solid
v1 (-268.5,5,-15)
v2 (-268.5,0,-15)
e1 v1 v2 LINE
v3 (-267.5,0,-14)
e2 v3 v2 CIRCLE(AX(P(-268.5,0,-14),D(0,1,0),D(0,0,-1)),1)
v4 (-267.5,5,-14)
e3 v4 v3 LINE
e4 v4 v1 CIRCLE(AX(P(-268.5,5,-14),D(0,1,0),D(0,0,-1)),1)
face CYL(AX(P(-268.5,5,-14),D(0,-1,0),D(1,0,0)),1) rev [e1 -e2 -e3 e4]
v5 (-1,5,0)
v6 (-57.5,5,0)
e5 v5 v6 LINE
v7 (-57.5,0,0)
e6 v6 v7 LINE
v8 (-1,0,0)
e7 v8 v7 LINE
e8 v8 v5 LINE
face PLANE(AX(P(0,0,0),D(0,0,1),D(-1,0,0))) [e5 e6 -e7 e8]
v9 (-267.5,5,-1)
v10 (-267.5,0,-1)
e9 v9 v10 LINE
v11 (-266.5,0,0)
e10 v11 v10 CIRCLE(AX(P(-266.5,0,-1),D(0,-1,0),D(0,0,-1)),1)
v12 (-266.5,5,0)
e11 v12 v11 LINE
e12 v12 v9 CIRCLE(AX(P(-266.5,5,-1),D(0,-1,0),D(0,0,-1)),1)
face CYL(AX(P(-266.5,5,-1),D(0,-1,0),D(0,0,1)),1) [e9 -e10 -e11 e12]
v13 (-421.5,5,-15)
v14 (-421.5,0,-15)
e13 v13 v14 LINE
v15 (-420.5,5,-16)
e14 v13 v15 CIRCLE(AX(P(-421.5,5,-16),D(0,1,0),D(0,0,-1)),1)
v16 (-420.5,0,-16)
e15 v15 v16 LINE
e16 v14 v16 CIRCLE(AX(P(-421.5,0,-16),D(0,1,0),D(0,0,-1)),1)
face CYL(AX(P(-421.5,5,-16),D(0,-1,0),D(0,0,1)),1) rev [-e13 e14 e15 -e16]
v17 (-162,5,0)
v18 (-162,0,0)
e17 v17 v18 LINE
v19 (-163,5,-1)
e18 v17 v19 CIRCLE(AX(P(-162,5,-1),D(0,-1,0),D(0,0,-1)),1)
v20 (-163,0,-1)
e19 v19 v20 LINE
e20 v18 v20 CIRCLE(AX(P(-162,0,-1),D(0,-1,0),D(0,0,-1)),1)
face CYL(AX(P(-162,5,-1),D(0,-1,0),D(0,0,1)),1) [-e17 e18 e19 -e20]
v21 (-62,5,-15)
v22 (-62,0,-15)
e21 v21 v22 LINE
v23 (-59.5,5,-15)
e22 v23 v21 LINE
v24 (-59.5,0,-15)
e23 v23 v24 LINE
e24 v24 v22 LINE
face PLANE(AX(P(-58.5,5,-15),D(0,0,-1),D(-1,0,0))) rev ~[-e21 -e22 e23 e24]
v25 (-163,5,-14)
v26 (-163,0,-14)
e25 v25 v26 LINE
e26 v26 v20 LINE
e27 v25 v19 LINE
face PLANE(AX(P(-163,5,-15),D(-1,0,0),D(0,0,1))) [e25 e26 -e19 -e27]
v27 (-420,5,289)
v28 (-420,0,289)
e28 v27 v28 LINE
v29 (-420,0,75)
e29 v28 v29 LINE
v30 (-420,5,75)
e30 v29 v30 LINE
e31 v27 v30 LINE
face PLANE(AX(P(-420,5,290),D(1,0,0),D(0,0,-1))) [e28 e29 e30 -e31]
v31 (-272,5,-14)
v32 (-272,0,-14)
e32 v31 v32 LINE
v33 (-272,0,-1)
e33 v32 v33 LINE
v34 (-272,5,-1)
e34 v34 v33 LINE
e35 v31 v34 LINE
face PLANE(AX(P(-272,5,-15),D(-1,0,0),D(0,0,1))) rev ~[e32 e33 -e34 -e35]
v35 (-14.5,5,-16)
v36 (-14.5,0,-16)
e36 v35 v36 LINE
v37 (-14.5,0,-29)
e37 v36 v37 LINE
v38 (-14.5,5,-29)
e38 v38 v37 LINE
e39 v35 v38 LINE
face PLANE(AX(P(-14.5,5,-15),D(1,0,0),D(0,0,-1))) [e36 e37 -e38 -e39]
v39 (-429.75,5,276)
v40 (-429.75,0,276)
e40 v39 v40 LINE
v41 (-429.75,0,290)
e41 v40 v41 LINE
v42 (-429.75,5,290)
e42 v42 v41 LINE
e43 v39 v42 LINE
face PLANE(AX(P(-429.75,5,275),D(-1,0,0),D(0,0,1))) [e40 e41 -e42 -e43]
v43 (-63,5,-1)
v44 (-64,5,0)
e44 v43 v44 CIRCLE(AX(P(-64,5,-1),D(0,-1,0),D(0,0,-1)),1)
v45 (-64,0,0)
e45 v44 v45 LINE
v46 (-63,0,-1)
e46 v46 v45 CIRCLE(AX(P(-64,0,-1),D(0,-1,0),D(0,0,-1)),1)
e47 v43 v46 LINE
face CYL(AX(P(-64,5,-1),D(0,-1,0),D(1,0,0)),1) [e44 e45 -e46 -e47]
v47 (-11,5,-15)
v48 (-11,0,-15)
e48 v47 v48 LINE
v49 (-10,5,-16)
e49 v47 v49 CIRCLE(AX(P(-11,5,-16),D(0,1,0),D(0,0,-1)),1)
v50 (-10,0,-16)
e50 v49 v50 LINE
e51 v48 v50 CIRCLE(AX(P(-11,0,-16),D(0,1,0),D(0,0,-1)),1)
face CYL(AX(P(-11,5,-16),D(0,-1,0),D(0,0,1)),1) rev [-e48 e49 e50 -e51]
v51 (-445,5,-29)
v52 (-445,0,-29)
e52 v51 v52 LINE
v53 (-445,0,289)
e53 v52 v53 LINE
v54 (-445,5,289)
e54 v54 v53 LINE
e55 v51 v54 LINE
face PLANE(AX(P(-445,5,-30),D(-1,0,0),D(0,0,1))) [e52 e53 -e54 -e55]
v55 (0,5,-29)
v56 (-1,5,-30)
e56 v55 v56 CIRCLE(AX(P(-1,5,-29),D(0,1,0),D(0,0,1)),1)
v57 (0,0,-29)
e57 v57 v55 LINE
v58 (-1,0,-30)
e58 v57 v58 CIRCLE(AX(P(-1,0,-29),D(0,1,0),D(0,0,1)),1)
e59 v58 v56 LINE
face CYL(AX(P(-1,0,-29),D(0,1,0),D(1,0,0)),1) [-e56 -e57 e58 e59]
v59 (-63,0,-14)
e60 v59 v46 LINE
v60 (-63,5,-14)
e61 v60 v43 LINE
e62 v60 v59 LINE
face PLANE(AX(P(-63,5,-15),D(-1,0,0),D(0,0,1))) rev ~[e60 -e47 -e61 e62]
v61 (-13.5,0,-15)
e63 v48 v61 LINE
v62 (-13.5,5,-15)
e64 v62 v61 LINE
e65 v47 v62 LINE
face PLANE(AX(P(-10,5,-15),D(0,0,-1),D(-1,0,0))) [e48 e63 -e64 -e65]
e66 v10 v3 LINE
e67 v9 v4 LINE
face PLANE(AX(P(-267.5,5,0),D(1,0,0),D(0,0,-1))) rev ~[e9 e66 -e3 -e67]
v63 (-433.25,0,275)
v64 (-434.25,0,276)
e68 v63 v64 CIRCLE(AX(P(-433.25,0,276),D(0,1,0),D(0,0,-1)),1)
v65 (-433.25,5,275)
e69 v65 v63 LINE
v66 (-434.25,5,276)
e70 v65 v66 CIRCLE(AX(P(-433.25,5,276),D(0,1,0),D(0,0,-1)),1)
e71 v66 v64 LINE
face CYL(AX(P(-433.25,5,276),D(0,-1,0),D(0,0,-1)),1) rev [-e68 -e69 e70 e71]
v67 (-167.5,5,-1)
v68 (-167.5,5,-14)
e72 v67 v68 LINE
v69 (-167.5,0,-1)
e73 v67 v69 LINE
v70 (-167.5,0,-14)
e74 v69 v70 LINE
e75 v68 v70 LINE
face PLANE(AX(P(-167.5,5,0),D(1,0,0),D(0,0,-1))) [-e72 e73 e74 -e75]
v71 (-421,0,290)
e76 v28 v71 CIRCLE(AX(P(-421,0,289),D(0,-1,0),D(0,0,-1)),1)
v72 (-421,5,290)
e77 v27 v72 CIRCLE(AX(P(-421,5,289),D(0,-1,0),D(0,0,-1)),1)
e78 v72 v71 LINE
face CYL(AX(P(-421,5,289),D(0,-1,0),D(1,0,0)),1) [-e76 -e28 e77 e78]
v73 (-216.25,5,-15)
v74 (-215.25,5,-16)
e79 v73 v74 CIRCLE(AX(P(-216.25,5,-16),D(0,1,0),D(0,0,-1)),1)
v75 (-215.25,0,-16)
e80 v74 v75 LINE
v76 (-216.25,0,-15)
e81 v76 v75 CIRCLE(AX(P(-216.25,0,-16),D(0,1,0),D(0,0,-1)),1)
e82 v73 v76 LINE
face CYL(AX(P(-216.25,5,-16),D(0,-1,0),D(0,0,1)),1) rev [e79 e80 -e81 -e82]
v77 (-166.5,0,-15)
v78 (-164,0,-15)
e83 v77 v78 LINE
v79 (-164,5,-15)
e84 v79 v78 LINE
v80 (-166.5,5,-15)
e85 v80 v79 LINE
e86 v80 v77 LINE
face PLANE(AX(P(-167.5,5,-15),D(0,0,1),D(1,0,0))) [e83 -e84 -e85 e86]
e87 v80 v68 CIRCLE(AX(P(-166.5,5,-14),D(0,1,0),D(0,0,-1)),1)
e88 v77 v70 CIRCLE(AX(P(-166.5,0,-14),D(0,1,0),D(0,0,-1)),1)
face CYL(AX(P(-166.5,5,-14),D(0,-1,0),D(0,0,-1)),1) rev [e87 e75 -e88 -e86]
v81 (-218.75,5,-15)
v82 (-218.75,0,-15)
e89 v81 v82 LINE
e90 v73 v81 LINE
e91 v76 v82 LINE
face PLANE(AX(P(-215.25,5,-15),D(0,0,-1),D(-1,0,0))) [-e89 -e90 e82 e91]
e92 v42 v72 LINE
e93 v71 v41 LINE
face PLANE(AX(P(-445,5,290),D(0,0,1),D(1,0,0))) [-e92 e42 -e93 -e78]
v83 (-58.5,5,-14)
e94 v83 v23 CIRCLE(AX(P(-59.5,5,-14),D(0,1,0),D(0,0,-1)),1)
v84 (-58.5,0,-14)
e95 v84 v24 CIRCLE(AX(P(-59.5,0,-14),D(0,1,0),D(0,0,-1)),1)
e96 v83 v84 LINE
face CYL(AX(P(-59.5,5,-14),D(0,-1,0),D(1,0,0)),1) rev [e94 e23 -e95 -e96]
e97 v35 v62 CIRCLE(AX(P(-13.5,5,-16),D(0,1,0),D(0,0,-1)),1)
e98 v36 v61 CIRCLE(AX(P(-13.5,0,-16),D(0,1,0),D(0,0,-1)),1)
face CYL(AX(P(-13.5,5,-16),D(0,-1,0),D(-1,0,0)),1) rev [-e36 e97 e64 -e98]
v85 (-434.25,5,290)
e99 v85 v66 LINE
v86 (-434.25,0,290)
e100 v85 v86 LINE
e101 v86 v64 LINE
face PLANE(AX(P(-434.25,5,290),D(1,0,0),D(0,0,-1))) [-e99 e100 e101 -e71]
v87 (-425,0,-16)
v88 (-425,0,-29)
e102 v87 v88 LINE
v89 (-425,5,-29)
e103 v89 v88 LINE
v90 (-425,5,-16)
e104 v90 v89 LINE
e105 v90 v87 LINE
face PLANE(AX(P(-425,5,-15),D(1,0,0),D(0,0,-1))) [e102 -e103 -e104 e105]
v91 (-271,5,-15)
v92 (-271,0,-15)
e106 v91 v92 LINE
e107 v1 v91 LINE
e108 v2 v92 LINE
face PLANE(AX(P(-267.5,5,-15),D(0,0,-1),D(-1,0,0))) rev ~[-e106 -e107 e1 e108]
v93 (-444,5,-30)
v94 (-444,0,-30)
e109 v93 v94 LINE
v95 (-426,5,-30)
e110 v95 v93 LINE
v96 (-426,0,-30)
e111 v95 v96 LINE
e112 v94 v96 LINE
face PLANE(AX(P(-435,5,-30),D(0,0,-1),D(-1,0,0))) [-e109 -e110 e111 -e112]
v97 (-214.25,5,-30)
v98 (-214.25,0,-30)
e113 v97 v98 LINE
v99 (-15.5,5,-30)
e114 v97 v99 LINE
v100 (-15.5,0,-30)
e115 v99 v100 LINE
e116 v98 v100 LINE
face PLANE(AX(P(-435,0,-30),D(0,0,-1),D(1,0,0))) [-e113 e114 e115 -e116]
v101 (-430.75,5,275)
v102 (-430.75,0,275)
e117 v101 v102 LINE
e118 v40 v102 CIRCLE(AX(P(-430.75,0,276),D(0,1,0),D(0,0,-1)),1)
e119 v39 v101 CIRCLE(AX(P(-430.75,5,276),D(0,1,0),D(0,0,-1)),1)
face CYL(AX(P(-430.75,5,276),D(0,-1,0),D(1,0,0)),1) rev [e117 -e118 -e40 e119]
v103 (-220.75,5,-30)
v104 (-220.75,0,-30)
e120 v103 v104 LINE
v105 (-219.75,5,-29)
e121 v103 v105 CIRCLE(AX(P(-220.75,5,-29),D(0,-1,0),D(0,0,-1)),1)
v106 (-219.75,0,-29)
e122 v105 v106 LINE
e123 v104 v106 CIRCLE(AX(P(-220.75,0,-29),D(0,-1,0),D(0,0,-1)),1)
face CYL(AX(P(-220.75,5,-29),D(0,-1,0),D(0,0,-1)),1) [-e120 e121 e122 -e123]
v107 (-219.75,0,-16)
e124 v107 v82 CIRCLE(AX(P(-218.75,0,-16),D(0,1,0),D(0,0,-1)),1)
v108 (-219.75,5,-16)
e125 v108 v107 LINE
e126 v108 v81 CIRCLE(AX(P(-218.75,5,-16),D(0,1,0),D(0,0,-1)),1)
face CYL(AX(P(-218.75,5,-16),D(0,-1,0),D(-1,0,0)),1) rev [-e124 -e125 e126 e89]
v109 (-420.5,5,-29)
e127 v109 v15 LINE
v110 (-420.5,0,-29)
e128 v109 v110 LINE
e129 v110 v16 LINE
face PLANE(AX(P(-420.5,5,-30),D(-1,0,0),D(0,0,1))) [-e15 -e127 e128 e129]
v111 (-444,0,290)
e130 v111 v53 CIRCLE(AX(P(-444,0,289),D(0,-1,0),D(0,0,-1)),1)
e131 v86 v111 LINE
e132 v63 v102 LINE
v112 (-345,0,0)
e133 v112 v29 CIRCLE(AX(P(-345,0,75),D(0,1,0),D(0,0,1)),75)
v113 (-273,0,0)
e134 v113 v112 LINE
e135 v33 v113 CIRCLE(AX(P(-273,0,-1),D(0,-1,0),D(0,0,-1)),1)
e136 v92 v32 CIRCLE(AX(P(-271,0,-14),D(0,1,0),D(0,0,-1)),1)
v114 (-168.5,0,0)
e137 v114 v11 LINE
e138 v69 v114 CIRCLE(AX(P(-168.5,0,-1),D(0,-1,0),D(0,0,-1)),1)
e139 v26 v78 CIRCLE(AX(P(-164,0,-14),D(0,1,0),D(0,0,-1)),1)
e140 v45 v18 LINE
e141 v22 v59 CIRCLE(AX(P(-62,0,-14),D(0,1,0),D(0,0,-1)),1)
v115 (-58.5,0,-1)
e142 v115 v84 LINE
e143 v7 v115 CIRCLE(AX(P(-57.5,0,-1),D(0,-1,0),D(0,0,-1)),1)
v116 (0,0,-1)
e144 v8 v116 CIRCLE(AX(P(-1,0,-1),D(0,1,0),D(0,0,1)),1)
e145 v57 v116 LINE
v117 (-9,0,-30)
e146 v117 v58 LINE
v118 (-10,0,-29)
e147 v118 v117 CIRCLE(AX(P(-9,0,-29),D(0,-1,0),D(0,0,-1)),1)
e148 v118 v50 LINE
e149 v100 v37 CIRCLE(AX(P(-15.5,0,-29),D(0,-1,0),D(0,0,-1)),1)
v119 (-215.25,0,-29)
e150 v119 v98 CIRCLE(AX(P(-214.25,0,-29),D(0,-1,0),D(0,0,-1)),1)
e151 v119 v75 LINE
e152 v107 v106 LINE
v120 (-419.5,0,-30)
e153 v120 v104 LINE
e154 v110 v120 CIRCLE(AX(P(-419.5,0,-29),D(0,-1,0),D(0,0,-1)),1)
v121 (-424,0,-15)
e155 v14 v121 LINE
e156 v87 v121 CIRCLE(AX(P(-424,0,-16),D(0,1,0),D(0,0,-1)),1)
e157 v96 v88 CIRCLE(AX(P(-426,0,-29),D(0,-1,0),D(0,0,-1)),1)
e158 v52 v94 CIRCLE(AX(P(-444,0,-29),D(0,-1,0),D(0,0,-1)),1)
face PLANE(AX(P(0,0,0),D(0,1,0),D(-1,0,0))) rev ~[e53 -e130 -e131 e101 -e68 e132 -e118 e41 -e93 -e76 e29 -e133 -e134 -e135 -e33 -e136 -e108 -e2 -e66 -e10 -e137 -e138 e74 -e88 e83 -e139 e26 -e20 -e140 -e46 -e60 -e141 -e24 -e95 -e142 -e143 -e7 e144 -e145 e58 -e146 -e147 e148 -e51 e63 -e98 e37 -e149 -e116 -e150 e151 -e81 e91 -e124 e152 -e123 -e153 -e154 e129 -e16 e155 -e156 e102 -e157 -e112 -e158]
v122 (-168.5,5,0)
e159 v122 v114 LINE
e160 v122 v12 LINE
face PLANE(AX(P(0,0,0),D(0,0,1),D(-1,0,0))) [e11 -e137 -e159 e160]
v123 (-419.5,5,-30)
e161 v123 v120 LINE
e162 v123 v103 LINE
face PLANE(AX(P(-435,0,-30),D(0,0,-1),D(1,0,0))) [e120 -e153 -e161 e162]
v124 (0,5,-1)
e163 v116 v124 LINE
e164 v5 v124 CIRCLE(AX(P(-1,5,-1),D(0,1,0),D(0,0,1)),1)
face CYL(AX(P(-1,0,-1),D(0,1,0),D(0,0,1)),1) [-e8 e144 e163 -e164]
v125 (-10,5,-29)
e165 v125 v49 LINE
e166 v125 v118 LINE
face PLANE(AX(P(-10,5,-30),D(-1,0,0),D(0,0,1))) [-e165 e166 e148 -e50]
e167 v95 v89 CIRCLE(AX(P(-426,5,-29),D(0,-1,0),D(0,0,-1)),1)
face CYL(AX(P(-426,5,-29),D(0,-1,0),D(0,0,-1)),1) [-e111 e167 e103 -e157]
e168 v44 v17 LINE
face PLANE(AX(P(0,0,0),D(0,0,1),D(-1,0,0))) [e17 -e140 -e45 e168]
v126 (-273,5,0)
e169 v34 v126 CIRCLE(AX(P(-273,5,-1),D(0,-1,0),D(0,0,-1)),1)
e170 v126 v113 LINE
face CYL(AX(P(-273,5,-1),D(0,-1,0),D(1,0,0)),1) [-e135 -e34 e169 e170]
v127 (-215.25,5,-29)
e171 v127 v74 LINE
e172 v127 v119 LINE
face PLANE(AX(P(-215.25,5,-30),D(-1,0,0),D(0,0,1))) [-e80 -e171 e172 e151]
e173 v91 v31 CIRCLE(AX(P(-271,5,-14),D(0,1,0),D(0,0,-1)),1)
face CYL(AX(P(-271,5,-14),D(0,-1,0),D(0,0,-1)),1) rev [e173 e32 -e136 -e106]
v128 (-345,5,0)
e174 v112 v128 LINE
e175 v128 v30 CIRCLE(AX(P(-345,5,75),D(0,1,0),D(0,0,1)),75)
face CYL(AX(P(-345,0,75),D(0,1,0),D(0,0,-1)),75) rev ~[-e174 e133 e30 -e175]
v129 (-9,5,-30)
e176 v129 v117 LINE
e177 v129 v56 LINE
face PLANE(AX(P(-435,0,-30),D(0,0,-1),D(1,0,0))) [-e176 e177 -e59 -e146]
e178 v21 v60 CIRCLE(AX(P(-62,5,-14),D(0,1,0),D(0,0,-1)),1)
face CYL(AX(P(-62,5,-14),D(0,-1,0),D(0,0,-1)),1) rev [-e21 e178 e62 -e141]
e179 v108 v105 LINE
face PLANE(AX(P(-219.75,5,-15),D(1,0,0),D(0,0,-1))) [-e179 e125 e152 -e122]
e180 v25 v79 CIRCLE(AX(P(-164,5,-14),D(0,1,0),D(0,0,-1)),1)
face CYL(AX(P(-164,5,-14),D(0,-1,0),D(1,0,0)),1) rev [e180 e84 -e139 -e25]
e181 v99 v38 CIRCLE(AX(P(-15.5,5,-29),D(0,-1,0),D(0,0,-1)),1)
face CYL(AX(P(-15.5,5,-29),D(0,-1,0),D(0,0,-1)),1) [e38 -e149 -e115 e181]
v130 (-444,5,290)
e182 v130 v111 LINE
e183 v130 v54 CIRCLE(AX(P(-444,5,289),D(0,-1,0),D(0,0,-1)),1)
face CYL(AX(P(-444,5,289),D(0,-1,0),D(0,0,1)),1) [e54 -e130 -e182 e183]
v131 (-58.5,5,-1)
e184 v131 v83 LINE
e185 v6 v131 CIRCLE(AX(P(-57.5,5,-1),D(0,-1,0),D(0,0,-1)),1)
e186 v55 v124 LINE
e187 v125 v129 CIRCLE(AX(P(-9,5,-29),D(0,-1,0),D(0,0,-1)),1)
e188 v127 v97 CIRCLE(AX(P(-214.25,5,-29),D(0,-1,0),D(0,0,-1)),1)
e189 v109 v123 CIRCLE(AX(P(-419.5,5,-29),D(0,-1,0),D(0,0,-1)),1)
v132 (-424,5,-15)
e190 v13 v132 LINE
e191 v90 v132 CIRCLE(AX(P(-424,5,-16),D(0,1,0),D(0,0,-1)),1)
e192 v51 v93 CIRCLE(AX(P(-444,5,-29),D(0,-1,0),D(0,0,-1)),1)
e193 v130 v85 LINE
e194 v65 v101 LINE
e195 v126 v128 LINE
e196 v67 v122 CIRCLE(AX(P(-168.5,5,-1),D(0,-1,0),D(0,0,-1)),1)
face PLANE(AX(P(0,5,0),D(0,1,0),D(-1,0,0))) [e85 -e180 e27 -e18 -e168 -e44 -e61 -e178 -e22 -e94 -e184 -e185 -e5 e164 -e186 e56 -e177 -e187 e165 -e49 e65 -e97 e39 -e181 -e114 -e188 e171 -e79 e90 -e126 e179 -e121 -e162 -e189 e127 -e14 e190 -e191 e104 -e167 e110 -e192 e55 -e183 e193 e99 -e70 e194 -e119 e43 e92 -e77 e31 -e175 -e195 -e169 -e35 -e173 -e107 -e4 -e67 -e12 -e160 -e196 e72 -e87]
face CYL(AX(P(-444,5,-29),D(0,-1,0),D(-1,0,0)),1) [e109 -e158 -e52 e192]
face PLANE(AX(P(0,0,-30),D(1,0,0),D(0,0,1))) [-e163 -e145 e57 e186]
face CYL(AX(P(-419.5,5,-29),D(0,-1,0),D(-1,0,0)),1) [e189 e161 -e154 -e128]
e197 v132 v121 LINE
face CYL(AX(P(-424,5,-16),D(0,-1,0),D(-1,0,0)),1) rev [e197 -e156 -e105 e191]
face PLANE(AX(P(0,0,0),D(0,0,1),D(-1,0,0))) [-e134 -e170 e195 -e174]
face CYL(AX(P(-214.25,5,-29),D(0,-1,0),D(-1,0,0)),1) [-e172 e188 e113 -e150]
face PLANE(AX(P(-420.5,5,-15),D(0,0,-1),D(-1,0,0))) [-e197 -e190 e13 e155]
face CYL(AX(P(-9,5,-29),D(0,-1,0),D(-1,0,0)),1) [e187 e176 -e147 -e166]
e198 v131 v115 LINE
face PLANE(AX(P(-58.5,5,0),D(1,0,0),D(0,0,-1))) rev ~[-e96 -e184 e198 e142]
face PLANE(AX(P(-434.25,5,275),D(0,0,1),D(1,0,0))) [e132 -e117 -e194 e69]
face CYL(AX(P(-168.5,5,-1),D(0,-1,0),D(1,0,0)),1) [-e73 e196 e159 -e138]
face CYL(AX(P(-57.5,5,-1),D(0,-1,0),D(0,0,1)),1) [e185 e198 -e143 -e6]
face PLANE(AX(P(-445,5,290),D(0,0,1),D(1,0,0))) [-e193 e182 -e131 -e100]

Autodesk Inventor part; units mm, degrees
ref_plane "YZ Plane" through (0, 0, 0) normal (1, 0, 0) x (0, 1, 0)
ref_plane "XZ Plane" through (0, 0, 0) normal (0, 1, 0) x (-1, 0, 0)
ref_plane "XY Plane" through (0, 0, 0) normal (0, 0, 1) x (1, 0, 0)
sketch "Sketch1" plane through (0, 0, 0) normal (0, 1, 0) x (-1, 0, 0)
  line L0 (0, 0) -> (435, 0)
  line L1 (435, 0) -> (435, -30)
  line L2 (435, -30) -> (0, -30)
  line L3 (0, -30) -> (0, 0)
  dimension "d0" = 435
  dimension "d1" = 30
extrude "Extrusion1" add sketch "Sketch1" along normal blind 5
sketch "Sketch2" plane through (0, 5, 0) normal (0, 1, 0) x (1, 0, 0)
  line L0 (0, 30) -> (-435, 30) projected
  line L1 (-435, 30) -> (-425, 30)
  line L2 (-425, 30) -> (-420.5, 30)
  line L3 (-420.5, 30) -> (-420.5, 15)
  line L4 (-420.5, 15) -> (-425, 15)
  line L5 (-425, 15) -> (-425, 30)
  line L6 (-420.5, 30) -> (-219.75, 30)
  line L7 (-219.75, 30) -> (-215.25, 30)
  line L8 (-215.25, 30) -> (-215.25, 15)
  line L9 (-215.25, 15) -> (-219.75, 15)
  line L10 (-219.75, 15) -> (-219.75, 30)
  line L11 (-215.25, 30) -> (-14.5, 30)
  line L12 (-14.5, 30) -> (-10, 30)
  line L13 (-10, 30) -> (-10, 15)
  line L14 (-10, 15) -> (-14.5, 15)
  line L15 (-14.5, 15) -> (-14.5, 30)
  point P0 (0, 0)
  dimension "d4" = 10
  dimension "d5" = 4.5
  dimension "d6" = 15
  dimension "d7" = 200.75
  dimension "d8" = 4.5
  dimension "d9" = 15
  dimension "d10" = 200.75
  dimension "d11" = 4.5
  dimension "d12" = 15
extrude "Extrusion2" cut sketch "Sketch2" against normal blind 5
sketch "Sketch3" plane through (0, 5, 0) normal (0, 1, 0) x (1, 0, 0)
  line L0 (-435, 30) -> (-435, 0) projected
  line L1 (-435, 30) -> (-445, 30)
  line L2 (-445, 30) -> (-445, -290)
  line L3 (-445, -290) -> (-435, -290)
  line L4 (-435, -290) -> (-435, 30)
  line L5 (-435, -290) -> (-420, -290)
  line L6 (-420, -290) -> (-420, 15)
  line L7 (-420, 15) -> (-435, 15)
  line L8 (-435, 15) -> (-435, -290)
  point P0 (0, 0)
  dimension "d15" = 10
  dimension "d16" = 320
  dimension "d17" = 15
  dimension "d18" = 305
extrude "Extrusion3" add sketch "Sketch3" against normal blind 5
fillet "Fillet1" radius 75 1 edges at (-420, 2.5, 0)
sketch "Sketch4" plane through (0, 5, 0) normal (0, 1, 0) x (1, 0, 0)
  line L0 (-10, 15) -> (-14.5, 15) projected
  line L1 (-14.5, 15) -> (-58.5, 15)
  line L2 (-345, 0) -> (0, 0) projected
  line L3 (-58.5, 15) -> (-63, 15)
  line L4 (-63, 15) -> (-63, 0)
  line L5 (-63, 0) -> (-58.5, 0)
  line L6 (-58.5, 0) -> (-58.5, 15)
  line L7 (-63, 0) -> (-110.75, 0)
  line L8 (-110.75, 0) -> (-115.25, 0)
  line L9 (-115.25, 0) -> (-115.25, 15)
  line L10 (-115.25, 15) -> (-110.75, 15)
  line L11 (-110.75, 15) -> (-110.75, 0)
  line L12 (-115.25, 0) -> (-163, 0)
  line L13 (-163, 0) -> (-215.25, 0)
  line L14 (-215.25, 0) -> (-219.75, 0)
  line L15 (-163, 0) -> (-167.5, 0)
  line L16 (-167.5, 0) -> (-167.5, 15)
  line L17 (-167.5, 15) -> (-163, 15)
  line L18 (-163, 15) -> (-163, 0)
  line L19 (-217.5, 0) -> (-217.5, 32.2246)
  line L20 (-372, 0) -> (-324.25, 0)
  line L21 (-324.25, 0) -> (-319.75, 0)
  line L22 (-319.75, 0) -> (-319.75, 15)
  line L23 (-319.75, 15) -> (-324.25, 15)
  line L24 (-324.25, 15) -> (-324.25, 0)
  line L25 (-319.75, 0) -> (-272, 0)
  line L26 (-272, 0) -> (-267.5, 0)
  line L27 (-267.5, 0) -> (-267.5, 15)
  line L28 (-267.5, 15) -> (-272, 15)
  line L29 (-272, 15) -> (-272, 0)
  line L30 (-372, 0) -> (-376.5, 0)
  line L31 (-376.5, 0) -> (-376.5, 30)
  line L32 (-376.5, 30) -> (-372, 30)
  line L33 (-372, 30) -> (-372, 0)
  line L34 (-376.5, 30) -> (-372, 30)
  line L35 (-372, 30) -> (-372, 15)
  line L36 (-372, 15) -> (-376.5, 15)
  line L37 (-376.5, 15) -> (-376.5, 30)
  dimension "d22" = 44
  dimension "d23" = 4.5
  dimension "d24" = 47.75
  dimension "d25" = 4.5
  dimension "d26" = 15
  dimension "d27" = 47.75
  dimension "d28" = 52.25
  dimension "d29" = 4.5
  dimension "d30" = 4.5
  dimension "d31" = 15
  dimension "d38" = 4.5
  dimension "d39" = 30
extrude "Extrusion4" cut sketch "Sketch4" against normal blind 5 contours L4 L3 L6 L2 | L16 L17 L18 L2 | L29 L28 L27 L2
sketch "Sketch6" plane through (0, 5, 0) normal (0, 1, 0) x (1, 0, 0)
  line L0 (-420, -290) -> (-429.75, -290)
  line L1 (-445, -290) -> (-420, -290) projected
  line L2 (-429.75, -290) -> (-434.25, -290)
  line L3 (-434.25, -290) -> (-434.25, -275)
  line L4 (-434.25, -275) -> (-429.75, -275)
  line L5 (-429.75, -275) -> (-429.75, -290)
  point P0 (0, 0)
  dimension "d40" = 9.75
  dimension "d41" = 4.5
  dimension "d42" = 15
extrude "Extrusion6" cut sketch "Sketch6" against normal blind 5
fillet "Fillet2" radius 1 31 edges at (-420, 2.5, 290) (-429.75, 2.5, 275) (-434.25, 2.5, 275) (-445, 2.5, 290) (-445, 2.5, -30) (-425, 2.5, -30) (-420.5, 2.5, -15) (-425, 2.5, -15) (-420.5, 2.5, -30) (-272, 2.5, 0) (-267.5, 2.5, 0) (-272, 2.5, -15) (-267.5, 2.5, -15) (-219.75, 2.5, -30) (-219.75, 2.5, -15) (-215.25, 2.5, -15) (-215.25, 2.5, -30) (-163, 2.5, -15) (-167.5, 2.5, -15) (-163, 2.5, 0) (-167.5, 2.5, 0) (-63, 2.5, 0) (-63, 2.5, -15) (-58.5, 2.5, -15) (-58.5, 2.5, 0) (0, 2.5, 0) (-10, 2.5, -15) (-14.5, 2.5, -15) (-14.5, 2.5, -30) (-10, 2.5, -30) (0, 2.5, -30)
properties part number "slats_back_under" material "Foam Core Board"
